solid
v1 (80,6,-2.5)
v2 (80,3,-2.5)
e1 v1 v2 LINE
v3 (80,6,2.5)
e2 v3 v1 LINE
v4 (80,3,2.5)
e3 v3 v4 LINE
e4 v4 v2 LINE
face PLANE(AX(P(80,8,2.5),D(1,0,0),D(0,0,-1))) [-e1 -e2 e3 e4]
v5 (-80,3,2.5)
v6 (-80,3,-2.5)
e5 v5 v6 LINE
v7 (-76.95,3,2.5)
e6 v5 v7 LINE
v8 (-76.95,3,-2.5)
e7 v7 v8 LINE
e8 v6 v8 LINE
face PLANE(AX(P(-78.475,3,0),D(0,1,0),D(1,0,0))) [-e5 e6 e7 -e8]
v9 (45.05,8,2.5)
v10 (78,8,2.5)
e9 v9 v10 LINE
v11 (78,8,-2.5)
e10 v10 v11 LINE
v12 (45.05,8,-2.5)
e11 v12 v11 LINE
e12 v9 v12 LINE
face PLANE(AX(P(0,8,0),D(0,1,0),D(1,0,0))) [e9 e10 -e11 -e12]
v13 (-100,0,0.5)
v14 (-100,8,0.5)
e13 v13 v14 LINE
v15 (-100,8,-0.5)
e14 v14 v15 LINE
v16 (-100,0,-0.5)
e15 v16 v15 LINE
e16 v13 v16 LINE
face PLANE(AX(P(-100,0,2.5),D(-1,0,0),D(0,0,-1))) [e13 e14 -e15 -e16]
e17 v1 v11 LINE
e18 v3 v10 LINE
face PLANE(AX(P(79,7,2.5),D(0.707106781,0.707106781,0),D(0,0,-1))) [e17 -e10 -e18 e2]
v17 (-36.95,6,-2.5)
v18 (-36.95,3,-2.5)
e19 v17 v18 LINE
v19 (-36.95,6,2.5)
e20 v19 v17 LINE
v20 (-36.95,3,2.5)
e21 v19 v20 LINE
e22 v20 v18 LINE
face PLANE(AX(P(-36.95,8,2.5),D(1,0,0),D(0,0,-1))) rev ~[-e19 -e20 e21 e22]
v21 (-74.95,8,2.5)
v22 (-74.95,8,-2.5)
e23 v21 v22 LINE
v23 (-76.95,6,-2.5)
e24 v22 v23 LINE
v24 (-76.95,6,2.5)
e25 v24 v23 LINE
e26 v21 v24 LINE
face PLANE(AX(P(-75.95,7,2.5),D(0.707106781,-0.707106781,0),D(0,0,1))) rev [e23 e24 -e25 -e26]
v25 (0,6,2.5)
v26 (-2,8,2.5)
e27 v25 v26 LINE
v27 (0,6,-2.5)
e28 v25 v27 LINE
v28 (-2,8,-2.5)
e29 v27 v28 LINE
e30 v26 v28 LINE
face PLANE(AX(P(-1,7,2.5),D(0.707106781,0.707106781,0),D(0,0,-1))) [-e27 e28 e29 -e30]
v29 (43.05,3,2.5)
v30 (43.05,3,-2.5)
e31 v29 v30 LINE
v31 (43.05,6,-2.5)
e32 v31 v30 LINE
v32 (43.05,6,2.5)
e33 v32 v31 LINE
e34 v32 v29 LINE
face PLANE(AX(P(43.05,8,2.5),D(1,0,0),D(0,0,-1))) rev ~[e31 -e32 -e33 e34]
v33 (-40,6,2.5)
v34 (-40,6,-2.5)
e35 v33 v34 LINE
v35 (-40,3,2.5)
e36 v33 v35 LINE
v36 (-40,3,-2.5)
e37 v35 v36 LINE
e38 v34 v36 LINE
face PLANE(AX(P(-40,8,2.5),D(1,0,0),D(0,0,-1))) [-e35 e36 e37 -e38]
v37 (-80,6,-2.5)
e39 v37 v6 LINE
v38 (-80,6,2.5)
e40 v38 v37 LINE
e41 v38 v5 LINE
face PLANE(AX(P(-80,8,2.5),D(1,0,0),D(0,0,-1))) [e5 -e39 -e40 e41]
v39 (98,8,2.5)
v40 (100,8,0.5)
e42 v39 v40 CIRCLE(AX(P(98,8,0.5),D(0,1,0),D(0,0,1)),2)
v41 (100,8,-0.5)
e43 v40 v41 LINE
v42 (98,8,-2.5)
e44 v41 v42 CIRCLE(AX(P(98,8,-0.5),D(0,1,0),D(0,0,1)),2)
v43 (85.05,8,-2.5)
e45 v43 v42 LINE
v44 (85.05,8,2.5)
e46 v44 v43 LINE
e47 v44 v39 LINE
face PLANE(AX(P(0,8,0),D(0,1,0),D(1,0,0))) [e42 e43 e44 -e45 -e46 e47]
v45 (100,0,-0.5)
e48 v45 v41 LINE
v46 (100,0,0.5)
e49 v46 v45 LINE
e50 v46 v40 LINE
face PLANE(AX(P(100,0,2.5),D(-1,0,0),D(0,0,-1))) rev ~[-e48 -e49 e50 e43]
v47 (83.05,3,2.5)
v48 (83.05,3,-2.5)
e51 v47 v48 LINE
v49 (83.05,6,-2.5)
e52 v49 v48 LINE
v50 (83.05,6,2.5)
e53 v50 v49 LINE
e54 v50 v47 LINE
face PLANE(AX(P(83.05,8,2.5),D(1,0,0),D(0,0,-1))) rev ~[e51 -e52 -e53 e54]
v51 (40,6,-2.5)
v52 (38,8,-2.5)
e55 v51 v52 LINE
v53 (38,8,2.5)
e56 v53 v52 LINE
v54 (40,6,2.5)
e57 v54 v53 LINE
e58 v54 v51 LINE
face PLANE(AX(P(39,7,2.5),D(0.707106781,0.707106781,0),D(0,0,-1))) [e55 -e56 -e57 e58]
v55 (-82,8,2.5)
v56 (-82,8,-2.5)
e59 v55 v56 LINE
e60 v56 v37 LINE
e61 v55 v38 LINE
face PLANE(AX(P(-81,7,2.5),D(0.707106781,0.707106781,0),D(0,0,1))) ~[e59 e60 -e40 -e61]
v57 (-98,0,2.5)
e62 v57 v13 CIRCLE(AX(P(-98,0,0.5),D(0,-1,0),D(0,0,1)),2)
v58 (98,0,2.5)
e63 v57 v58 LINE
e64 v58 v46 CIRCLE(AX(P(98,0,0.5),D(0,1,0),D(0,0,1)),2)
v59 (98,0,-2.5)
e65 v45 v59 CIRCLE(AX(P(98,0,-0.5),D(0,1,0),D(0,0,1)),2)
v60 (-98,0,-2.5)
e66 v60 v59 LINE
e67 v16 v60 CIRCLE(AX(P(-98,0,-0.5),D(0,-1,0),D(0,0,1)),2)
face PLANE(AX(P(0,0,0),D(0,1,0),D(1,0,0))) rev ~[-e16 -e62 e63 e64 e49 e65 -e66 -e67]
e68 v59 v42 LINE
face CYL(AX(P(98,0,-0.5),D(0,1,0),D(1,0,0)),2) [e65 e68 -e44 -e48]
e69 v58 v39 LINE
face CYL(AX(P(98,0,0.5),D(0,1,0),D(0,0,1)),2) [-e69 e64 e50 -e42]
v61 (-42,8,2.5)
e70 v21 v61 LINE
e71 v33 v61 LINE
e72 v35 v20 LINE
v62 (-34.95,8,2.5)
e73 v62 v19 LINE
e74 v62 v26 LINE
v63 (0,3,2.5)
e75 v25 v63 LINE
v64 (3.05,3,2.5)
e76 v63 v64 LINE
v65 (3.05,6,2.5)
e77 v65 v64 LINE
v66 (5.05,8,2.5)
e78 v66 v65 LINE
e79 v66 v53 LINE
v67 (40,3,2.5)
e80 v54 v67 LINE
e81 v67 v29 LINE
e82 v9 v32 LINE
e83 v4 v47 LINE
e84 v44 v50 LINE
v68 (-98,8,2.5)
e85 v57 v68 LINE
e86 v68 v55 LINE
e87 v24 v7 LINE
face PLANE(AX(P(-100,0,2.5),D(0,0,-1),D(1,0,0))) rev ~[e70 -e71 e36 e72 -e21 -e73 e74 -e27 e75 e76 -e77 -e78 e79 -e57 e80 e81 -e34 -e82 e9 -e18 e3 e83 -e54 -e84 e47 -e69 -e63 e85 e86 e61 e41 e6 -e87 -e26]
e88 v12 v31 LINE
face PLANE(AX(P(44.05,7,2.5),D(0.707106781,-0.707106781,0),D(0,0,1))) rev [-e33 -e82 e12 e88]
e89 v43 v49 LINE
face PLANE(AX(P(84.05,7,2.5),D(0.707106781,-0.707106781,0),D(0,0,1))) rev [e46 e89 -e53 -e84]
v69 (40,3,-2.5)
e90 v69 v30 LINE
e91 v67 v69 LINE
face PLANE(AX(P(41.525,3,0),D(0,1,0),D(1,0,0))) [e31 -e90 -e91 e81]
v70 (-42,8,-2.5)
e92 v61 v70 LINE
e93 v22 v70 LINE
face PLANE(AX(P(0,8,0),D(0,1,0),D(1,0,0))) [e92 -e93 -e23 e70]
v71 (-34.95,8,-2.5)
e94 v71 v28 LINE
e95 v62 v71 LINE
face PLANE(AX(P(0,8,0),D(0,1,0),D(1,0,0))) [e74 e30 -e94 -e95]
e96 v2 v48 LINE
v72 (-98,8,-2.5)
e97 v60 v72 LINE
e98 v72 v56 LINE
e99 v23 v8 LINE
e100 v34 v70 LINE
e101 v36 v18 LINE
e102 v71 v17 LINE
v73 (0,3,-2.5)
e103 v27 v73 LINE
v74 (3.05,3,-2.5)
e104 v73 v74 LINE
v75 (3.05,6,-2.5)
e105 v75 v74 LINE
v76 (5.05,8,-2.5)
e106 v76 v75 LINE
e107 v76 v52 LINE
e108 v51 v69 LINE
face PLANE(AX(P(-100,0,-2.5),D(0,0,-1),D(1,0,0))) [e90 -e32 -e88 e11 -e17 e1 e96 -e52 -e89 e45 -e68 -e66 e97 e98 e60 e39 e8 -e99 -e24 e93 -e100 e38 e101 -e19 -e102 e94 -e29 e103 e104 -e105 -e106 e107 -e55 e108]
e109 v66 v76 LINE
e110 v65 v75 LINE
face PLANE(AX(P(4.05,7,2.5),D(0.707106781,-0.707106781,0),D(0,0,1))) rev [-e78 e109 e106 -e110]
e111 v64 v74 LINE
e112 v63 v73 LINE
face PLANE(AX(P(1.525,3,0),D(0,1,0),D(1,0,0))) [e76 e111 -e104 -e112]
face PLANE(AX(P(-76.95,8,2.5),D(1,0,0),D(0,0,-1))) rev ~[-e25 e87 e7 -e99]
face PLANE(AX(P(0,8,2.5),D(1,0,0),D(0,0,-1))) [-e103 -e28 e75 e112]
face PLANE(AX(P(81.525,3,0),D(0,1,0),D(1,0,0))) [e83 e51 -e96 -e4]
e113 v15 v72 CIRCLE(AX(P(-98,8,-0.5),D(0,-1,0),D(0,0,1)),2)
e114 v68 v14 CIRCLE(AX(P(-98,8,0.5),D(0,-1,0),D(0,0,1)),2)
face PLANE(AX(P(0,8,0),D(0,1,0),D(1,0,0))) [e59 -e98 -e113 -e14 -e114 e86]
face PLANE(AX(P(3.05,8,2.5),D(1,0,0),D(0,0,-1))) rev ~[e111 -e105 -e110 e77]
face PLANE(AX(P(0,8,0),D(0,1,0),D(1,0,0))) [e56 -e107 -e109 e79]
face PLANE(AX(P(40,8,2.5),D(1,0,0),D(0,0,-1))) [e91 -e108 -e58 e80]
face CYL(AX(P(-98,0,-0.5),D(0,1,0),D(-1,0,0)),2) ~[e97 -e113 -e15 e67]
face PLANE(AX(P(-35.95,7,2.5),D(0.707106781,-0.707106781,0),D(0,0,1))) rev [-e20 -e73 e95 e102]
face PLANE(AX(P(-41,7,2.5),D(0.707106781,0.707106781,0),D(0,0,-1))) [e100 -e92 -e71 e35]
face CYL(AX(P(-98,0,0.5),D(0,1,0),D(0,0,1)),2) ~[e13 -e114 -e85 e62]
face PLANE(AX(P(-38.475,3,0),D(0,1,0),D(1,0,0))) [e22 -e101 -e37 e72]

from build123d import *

# Parameters (mm, degrees)
SKETCH1_W           = 200
SKETCH1_H           = 5
BOSS_EXTRUDE1_DEPTH = 8
SKETCH2_W           = 3.05
SKETCH2_H           = 5
CUT_EXTRUDE1_DEPTH  = 5
CHAMFER1_SIZE       = 2
FILLET1_R           = 2


with BuildPart() as part:
    # Sketch1 → Boss-Extrude1 (new body)
    with BuildSketch(Plane(origin=(0, 0, 0), x_dir=(1, 0, 0), z_dir=(0, 1, 0))):
        Rectangle(SKETCH1_W, SKETCH1_H)
    extrude(amount=BOSS_EXTRUDE1_DEPTH)

    # Sketch2 → Cut-Extrude1 (cut)
    with BuildSketch(Plane(origin=(0, 8, 0), x_dir=(1, 0, 0), z_dir=(0, 1, 0))):
        with Locations((-78.475, 0)):
            Rectangle(SKETCH2_W, SKETCH2_H)
        with Locations((-38.475, 0)):
            Rectangle(SKETCH2_W, SKETCH2_H)
        with Locations((1.525, 0)):
            Rectangle(SKETCH2_W, SKETCH2_H)
        with Locations((41.525, 0)):
            Rectangle(SKETCH2_W, SKETCH2_H)
        with Locations((81.525, 0)):
            Rectangle(SKETCH2_W, SKETCH2_H)
    extrude(amount=-CUT_EXTRUDE1_DEPTH, mode=Mode.SUBTRACT)

    # Chamfer1
    chamfer1_edges = [part.edges().sort_by_distance(p)[0] for p in [
        (-80, 8, 0),
        (-76.95, 8, 0),
        (-40, 8, 0),
        (-36.95, 8, 0),
        (0, 8, 0),
        (3.05, 8, 0),
        (40, 8, 0),
        (43.05, 8, 0),
        (80, 8, 0),
        (83.05, 8, 0),
    ]]
    chamfer(chamfer1_edges, length=CHAMFER1_SIZE)

    # Fillet1
    fillet1_edges = [part.edges().sort_by_distance(p)[0] for p in [
        (100, 4, 2.5),
        (-100, 4, 2.5),
        (-100, 4, -2.5),
        (100, 4, -2.5),
    ]]
    fillet(fillet1_edges, radius=FILLET1_R)


solid = part.part
